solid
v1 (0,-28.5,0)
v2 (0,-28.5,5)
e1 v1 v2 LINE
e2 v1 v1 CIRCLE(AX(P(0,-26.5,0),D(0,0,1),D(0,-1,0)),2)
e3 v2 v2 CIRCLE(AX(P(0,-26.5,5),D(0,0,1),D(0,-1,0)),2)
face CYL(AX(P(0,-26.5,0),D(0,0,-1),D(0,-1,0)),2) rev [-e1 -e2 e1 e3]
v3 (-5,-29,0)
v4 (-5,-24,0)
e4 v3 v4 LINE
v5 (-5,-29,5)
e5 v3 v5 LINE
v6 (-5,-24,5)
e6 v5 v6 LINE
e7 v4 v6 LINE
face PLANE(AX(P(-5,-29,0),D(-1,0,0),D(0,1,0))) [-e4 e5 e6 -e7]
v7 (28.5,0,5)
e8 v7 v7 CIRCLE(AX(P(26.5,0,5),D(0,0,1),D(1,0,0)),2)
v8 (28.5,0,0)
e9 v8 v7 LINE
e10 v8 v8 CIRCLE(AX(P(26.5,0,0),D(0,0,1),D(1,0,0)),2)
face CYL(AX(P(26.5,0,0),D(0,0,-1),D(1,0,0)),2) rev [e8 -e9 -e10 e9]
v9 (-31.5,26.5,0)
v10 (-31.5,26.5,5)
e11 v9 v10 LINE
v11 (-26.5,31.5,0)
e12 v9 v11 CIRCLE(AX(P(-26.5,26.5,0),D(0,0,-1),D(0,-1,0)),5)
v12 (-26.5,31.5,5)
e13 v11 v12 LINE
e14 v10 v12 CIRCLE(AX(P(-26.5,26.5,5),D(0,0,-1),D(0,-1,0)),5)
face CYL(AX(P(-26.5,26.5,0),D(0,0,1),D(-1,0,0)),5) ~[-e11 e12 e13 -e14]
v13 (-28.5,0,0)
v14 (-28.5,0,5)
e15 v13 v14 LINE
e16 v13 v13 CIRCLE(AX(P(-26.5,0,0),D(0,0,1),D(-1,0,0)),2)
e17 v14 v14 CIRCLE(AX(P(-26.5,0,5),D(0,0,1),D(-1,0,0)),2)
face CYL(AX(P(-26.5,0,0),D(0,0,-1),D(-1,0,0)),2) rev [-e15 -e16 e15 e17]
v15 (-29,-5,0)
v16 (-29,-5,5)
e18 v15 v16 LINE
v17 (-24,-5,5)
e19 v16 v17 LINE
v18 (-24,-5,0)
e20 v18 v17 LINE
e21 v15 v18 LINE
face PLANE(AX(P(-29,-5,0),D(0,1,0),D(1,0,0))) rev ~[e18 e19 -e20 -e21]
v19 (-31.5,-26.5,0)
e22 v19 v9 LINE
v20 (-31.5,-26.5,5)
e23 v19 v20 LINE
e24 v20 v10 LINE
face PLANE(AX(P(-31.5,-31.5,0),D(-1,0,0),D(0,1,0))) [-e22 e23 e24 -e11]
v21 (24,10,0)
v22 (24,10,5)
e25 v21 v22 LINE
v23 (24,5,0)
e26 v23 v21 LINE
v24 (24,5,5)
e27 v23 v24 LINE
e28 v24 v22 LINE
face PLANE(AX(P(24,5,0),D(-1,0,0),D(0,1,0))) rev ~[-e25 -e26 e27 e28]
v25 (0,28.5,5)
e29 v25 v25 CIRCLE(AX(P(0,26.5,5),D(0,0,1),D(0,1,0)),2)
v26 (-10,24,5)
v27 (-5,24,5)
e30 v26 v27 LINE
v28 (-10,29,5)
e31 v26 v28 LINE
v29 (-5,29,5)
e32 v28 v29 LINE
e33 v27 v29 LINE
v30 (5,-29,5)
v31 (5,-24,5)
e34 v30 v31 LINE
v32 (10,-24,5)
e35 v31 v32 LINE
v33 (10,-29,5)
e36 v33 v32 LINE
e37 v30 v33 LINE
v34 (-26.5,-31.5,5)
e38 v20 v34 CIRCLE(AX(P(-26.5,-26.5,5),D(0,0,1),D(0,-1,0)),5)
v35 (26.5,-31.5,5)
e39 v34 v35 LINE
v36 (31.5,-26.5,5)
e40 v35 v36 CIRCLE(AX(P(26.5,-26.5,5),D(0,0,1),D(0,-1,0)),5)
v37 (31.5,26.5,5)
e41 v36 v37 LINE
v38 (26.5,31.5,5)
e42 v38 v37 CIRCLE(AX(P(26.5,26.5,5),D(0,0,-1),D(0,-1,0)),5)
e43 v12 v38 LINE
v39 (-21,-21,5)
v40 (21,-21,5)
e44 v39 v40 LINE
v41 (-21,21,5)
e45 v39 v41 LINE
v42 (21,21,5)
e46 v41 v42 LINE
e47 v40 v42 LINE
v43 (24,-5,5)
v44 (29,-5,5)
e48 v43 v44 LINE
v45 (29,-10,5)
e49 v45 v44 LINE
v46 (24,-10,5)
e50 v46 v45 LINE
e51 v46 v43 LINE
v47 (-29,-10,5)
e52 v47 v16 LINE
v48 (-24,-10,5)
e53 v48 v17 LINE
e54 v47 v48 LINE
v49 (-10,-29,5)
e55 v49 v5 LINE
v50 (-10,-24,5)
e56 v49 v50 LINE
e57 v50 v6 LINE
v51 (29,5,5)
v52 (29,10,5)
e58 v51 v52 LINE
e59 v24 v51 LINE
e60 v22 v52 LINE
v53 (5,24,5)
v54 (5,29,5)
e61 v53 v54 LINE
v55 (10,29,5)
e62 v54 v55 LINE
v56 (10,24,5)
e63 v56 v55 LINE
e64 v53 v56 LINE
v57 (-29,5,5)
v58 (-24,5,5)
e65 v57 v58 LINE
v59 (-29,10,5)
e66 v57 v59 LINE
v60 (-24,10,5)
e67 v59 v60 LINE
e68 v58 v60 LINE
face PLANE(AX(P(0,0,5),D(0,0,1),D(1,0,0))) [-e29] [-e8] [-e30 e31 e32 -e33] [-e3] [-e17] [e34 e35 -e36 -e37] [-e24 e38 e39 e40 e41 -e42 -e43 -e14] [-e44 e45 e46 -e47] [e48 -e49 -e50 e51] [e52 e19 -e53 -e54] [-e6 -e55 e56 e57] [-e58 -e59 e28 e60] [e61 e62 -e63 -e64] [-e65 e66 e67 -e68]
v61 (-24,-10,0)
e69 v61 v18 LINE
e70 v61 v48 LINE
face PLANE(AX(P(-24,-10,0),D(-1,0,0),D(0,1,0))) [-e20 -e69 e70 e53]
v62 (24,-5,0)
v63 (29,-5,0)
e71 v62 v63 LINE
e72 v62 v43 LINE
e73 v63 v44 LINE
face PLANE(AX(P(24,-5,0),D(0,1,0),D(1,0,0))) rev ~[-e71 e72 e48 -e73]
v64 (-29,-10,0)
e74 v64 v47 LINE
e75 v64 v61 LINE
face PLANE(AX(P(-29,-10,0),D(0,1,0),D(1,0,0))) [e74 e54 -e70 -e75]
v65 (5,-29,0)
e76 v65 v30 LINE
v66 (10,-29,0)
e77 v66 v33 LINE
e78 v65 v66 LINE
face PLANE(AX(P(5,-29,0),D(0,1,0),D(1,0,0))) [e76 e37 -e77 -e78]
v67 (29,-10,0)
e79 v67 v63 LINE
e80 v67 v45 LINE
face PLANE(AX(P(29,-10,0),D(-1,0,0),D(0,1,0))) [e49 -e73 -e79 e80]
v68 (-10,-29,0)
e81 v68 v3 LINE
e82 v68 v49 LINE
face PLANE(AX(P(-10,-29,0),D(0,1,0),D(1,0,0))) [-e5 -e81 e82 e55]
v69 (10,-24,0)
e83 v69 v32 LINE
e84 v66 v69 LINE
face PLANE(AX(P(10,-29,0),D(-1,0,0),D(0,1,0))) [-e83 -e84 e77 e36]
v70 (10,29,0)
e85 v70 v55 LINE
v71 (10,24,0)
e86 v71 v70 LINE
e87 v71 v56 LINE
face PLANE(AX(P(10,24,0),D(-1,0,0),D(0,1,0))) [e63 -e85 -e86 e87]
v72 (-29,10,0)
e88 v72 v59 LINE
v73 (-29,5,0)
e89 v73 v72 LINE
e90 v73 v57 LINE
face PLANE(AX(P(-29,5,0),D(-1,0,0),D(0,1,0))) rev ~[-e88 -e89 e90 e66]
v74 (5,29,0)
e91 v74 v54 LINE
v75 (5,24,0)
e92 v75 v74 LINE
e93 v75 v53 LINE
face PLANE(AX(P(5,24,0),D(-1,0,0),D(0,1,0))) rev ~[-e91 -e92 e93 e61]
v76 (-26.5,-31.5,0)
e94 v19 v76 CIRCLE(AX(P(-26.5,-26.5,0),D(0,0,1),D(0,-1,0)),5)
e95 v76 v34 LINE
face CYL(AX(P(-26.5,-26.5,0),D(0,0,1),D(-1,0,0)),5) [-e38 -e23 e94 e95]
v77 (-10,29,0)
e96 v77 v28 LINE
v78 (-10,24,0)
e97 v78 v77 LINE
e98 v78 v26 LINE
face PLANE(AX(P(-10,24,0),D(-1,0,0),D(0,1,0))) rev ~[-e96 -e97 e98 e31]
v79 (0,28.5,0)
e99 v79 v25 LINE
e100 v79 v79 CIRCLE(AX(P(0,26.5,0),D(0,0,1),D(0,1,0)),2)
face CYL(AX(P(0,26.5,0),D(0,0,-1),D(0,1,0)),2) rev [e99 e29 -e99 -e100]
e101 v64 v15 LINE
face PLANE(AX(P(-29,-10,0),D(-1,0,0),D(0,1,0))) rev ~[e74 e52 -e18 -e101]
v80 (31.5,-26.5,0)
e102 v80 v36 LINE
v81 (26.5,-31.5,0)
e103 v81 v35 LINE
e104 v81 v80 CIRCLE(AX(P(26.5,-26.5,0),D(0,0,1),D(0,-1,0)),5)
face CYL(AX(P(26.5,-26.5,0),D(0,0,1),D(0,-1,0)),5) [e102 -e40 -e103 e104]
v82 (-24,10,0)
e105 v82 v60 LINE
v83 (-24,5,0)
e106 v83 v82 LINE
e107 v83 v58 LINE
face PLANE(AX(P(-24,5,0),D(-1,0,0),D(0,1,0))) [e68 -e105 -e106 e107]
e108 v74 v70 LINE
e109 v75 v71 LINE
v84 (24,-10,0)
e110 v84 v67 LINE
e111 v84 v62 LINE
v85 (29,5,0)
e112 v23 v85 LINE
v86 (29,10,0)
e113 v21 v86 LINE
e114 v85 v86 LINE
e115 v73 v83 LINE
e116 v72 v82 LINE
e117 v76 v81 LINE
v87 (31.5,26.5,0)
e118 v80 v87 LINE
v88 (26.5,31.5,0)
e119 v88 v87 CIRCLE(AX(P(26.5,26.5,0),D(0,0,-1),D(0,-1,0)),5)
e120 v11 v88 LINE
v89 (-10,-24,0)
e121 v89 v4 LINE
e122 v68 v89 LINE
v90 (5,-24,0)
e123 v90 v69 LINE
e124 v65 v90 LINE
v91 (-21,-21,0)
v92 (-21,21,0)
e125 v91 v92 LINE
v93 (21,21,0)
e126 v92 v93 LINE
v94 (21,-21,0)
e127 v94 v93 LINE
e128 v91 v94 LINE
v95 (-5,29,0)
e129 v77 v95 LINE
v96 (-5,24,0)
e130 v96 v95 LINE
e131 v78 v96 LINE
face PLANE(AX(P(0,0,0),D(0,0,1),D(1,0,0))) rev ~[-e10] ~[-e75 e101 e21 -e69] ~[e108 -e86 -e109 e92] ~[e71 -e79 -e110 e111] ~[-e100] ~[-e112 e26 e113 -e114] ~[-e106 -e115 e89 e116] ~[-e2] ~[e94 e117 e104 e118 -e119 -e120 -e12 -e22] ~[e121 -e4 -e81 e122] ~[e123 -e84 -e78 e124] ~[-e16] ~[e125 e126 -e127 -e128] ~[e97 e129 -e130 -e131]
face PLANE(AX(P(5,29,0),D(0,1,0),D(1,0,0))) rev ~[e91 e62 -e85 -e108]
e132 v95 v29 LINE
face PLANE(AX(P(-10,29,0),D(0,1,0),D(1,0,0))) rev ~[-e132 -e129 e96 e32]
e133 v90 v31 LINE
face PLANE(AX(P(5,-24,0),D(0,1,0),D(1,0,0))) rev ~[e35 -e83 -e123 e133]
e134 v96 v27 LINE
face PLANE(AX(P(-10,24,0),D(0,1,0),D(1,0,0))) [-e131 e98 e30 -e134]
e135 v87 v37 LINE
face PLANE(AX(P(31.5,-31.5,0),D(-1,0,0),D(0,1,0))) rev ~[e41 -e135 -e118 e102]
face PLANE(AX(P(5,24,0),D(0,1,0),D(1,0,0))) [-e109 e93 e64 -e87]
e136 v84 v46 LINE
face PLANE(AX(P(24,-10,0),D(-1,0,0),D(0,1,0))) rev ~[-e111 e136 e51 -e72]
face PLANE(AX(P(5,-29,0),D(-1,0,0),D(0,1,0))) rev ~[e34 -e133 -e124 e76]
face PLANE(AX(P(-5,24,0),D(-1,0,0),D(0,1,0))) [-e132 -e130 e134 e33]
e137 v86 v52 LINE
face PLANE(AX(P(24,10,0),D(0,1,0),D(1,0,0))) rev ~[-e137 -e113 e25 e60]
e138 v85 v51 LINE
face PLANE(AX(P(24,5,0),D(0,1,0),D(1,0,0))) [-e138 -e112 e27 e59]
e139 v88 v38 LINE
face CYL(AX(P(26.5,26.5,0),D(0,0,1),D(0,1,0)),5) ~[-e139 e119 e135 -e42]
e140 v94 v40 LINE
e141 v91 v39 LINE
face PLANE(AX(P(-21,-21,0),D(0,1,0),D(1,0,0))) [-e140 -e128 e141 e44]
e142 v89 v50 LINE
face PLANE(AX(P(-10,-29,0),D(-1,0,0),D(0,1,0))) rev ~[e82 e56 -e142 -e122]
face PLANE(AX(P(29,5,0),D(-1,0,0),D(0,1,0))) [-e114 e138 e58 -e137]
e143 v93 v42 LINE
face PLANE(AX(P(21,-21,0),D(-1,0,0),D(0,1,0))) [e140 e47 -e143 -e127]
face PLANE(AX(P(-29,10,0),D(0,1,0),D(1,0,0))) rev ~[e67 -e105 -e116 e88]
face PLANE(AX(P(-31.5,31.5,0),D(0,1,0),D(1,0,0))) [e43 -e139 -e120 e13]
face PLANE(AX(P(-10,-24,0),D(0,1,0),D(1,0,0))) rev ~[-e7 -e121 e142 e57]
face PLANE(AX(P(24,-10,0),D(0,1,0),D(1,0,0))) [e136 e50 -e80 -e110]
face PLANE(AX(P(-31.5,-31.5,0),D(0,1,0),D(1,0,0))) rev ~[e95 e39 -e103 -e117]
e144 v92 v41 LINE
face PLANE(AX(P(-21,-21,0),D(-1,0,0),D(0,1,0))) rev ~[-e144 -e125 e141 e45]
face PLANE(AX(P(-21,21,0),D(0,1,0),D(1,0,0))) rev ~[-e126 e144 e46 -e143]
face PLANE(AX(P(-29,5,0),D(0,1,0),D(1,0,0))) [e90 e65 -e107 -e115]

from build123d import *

# Parameters (mm, degrees)
ESQUISSE1_W        = 63
ESQUISSE1_H        = 63
ESQUISSE1_R        = 2
ESQUISSE1_W_2      = 42
ESQUISSE1_H_2      = 42
ESQUISSE1_W_3      = 5
ESQUISSE1_H_3      = 5
BOSS_EXTRU_1_DEPTH = 5
CONG_1_R           = 5


with BuildPart() as part:
    # Esquisse1 → Boss.-Extru.1 (new body)
    with BuildSketch(Plane.XY):
        Rectangle(ESQUISSE1_W, ESQUISSE1_H)
        with Locations((26.5, 0)):
            Circle(ESQUISSE1_R, mode=Mode.SUBTRACT)
        with Locations(Location((-26.5, 0, 0), (0, 0, 180))):
            Circle(ESQUISSE1_R, mode=Mode.SUBTRACT)
        with Locations(Location((0, 26.5, 0), (0, 0, 90))):
            Circle(ESQUISSE1_R, mode=Mode.SUBTRACT)
        with Locations(Location((0, -26.5, 0), (0, 0, 270))):
            Circle(ESQUISSE1_R, mode=Mode.SUBTRACT)
        Rectangle(ESQUISSE1_W_2, ESQUISSE1_H_2, mode=Mode.SUBTRACT)
        with Locations((26.5, 7.5)):
            Rectangle(ESQUISSE1_W_3, ESQUISSE1_H_3, mode=Mode.SUBTRACT)
        with Locations((26.5, -7.5)):
            Rectangle(ESQUISSE1_W_3, ESQUISSE1_H_3, mode=Mode.SUBTRACT)
        with Locations((-26.5, 7.5)):
            Rectangle(ESQUISSE1_W_3, ESQUISSE1_H_3, mode=Mode.SUBTRACT)
        with Locations((-26.5, -7.5)):
            Rectangle(ESQUISSE1_W_3, ESQUISSE1_H_3, mode=Mode.SUBTRACT)
        with Locations((7.5, 26.5)):
            Rectangle(ESQUISSE1_W_3, ESQUISSE1_H_3, mode=Mode.SUBTRACT)
        with Locations((-7.5, 26.5)):
            Rectangle(ESQUISSE1_W_3, ESQUISSE1_H_3, mode=Mode.SUBTRACT)
        with Locations((7.5, -26.5)):
            Rectangle(ESQUISSE1_W_3, ESQUISSE1_H_3, mode=Mode.SUBTRACT)
        with Locations((-7.5, -26.5)):
            Rectangle(ESQUISSE1_W_3, ESQUISSE1_H_3, mode=Mode.SUBTRACT)
    extrude(amount=BOSS_EXTRU_1_DEPTH)

    # Congé1
    cong_1_edges = [part.edges().sort_by_distance(p)[0] for p in [
        (-31.5, 31.5, 2.5),
        (31.5, 31.5, 2.5),
        (31.5, -31.5, 2.5),
        (-31.5, -31.5, 2.5),
    ]]
    fillet(cong_1_edges, radius=CONG_1_R)


solid = part.part
